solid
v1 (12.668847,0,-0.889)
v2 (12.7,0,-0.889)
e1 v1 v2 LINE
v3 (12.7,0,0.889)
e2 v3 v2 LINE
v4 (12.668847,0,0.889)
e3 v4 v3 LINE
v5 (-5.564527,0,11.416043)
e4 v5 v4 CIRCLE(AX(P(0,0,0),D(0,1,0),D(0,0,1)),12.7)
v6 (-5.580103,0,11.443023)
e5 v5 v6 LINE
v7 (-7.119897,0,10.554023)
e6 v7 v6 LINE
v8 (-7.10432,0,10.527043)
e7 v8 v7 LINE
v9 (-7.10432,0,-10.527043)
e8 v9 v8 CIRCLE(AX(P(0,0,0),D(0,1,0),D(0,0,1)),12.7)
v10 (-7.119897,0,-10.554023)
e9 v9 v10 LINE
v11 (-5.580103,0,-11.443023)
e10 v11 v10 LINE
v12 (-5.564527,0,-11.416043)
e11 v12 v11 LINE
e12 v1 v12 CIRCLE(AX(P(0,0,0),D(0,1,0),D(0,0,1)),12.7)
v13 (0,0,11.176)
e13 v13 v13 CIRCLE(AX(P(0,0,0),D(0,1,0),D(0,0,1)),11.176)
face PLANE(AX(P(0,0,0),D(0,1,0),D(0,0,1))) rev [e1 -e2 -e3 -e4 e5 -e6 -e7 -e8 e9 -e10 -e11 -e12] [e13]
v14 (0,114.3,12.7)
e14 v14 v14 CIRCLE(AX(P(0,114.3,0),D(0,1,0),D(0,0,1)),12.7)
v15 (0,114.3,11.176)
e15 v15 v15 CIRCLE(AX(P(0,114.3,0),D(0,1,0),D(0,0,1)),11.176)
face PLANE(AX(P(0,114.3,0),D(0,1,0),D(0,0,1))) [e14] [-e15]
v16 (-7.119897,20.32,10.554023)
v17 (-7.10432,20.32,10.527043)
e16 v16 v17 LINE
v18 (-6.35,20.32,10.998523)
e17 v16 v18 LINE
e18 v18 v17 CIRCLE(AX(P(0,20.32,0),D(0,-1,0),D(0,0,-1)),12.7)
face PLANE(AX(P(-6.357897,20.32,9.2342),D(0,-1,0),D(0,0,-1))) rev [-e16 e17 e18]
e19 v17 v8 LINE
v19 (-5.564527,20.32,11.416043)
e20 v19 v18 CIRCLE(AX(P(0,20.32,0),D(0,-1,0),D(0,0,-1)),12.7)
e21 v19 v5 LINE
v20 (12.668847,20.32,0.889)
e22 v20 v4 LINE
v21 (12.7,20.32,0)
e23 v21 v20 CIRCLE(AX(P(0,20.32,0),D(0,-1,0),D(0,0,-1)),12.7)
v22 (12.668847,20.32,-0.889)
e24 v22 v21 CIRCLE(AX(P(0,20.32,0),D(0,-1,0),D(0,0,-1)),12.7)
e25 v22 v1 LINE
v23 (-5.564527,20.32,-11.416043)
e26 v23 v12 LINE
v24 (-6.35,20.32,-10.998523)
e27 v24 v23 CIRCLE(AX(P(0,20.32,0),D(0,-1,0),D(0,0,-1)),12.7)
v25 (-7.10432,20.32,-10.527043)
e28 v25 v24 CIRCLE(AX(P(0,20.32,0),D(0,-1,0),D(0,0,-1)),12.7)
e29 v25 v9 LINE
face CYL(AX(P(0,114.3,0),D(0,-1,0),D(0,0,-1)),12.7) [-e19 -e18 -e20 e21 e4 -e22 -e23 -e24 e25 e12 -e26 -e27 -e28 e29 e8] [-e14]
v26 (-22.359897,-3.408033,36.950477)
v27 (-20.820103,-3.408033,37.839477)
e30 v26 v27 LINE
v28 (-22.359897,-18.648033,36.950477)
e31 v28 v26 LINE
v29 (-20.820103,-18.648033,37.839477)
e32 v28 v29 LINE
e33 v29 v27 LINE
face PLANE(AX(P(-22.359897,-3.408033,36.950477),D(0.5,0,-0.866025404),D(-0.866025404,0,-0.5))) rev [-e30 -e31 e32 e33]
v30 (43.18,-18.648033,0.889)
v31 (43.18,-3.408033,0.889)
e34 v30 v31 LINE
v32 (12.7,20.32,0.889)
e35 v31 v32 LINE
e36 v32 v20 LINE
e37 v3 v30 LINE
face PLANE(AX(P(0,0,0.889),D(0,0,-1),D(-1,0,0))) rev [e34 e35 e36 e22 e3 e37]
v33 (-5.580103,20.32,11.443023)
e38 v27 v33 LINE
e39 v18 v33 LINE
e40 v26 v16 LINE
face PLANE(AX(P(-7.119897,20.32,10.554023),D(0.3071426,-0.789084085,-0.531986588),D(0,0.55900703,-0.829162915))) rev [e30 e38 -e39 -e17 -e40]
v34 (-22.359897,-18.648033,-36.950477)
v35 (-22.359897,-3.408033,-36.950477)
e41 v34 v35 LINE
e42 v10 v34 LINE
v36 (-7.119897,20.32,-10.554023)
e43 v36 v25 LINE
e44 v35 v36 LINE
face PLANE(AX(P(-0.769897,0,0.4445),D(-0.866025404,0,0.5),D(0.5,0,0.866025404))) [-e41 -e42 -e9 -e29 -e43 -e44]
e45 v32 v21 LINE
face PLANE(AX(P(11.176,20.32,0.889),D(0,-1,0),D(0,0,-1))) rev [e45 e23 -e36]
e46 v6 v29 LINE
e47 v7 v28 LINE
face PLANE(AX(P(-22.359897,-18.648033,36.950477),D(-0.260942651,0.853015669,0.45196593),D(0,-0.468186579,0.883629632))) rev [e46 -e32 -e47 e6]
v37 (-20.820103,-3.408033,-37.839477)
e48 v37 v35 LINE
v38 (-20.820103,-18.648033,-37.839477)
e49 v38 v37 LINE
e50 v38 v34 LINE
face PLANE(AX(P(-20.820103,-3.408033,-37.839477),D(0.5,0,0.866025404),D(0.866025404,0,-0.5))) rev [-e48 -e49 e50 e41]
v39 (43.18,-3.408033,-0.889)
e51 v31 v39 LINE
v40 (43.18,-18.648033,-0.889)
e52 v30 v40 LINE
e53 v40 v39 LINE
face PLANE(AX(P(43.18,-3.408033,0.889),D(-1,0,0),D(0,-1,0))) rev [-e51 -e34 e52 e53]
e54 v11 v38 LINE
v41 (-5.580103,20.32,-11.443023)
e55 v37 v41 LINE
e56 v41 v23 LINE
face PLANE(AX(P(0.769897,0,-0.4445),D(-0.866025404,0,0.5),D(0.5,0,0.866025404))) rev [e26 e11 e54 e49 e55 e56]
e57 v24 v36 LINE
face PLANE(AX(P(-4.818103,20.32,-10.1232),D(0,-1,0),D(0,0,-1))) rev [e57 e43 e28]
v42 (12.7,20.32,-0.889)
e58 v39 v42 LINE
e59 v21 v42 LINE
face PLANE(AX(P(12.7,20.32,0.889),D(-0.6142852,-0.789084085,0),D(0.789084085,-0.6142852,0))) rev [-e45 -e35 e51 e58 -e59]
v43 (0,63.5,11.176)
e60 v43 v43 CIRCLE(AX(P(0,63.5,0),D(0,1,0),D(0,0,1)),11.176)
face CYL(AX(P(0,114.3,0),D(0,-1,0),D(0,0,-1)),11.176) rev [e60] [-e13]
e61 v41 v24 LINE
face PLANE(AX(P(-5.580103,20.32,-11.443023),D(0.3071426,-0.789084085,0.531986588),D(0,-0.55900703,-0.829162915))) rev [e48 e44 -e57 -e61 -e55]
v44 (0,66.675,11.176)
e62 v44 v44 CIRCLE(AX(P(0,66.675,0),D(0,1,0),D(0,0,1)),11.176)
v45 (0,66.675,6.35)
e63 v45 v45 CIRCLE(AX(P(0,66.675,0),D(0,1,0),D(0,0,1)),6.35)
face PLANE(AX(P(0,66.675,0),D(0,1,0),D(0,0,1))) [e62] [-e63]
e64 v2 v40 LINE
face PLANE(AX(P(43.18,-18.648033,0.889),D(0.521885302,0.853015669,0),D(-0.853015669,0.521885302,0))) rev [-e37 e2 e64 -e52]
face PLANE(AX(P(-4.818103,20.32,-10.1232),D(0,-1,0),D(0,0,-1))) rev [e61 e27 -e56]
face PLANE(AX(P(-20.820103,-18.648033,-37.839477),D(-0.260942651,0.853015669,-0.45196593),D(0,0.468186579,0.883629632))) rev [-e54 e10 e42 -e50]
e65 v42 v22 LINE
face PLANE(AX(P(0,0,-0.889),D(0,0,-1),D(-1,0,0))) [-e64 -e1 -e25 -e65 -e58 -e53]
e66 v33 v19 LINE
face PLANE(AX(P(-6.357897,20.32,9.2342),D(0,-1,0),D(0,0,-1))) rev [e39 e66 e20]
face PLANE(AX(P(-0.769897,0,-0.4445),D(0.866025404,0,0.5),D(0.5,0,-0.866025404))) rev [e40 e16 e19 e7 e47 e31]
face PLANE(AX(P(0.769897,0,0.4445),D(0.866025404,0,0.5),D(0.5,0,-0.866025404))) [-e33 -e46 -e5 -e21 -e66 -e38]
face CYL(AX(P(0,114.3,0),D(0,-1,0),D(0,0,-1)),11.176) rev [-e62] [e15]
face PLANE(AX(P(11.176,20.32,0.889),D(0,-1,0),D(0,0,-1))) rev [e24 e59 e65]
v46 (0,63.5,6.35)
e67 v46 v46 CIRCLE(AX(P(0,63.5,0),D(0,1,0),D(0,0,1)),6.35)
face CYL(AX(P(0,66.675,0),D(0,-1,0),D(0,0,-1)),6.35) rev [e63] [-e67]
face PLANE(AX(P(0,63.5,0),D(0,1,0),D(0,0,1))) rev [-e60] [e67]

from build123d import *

# Parameters (mm, degrees)
SKETCH1_R           = 12.7
SKETCH1_R_2         = 11.176
BOSS_EXTRUDE1_DEPTH = 114.3
BOSS_EXTRUDE2_DEPTH = 0.889
CIRPATTERN1_COUNT   = 3
SKETCH3_R           = 11.176
SKETCH3_R_2         = 6.35
BOSS_EXTRUDE3_DEPTH = 3.175


with BuildPart() as part:
    # Sketch1 → Boss-Extrude1 (new body)
    with BuildSketch(Plane(origin=(0, 0, 0), x_dir=(1, 0, 0), z_dir=(0, 1, 0))):
        with Locations(Location((0, 0, 0), (0, 0, 270))):
            Circle(SKETCH1_R)
        with Locations(Location((0, 0, 0), (0, 0, 270))):
            Circle(SKETCH1_R_2, mode=Mode.SUBTRACT)
    extrude(amount=BOSS_EXTRUDE1_DEPTH)

    # Sketch2 → Boss-Extrude2 (add, symmetric)
    with BuildSketch(Plane.XY):
        Polygon((12.7, 0), (11.176, 0), (11.176, 20.32), (12.7, 20.32), (43.18, -3.408032613), (43.18, -18.648032613), align=None)
    boss_extrude2 = extrude(amount=BOSS_EXTRUDE2_DEPTH, both=True)

    # CirPattern1: Boss-Extrude2 ×3 about axis
    cirpattern1_axis = Axis((0, 0, 0), (0, 1, 0))
    for i in range(1, CIRPATTERN1_COUNT):
        add(boss_extrude2.rotate(cirpattern1_axis, i * 360 / CIRPATTERN1_COUNT))

    # Sketch3 → Boss-Extrude3 (add)
    with BuildSketch(Plane(origin=(0, 63.5, 0), x_dir=(1, 0, 0), z_dir=(0, 1, 0))):
        with Locations(Location((0, 0, 0), (0, 0, 270))):
            Circle(SKETCH3_R)
        with Locations(Location((0, 0, 0), (0, 0, 270))):
            Circle(SKETCH3_R_2, mode=Mode.SUBTRACT)
    extrude(amount=BOSS_EXTRUDE3_DEPTH)


solid = part.part
